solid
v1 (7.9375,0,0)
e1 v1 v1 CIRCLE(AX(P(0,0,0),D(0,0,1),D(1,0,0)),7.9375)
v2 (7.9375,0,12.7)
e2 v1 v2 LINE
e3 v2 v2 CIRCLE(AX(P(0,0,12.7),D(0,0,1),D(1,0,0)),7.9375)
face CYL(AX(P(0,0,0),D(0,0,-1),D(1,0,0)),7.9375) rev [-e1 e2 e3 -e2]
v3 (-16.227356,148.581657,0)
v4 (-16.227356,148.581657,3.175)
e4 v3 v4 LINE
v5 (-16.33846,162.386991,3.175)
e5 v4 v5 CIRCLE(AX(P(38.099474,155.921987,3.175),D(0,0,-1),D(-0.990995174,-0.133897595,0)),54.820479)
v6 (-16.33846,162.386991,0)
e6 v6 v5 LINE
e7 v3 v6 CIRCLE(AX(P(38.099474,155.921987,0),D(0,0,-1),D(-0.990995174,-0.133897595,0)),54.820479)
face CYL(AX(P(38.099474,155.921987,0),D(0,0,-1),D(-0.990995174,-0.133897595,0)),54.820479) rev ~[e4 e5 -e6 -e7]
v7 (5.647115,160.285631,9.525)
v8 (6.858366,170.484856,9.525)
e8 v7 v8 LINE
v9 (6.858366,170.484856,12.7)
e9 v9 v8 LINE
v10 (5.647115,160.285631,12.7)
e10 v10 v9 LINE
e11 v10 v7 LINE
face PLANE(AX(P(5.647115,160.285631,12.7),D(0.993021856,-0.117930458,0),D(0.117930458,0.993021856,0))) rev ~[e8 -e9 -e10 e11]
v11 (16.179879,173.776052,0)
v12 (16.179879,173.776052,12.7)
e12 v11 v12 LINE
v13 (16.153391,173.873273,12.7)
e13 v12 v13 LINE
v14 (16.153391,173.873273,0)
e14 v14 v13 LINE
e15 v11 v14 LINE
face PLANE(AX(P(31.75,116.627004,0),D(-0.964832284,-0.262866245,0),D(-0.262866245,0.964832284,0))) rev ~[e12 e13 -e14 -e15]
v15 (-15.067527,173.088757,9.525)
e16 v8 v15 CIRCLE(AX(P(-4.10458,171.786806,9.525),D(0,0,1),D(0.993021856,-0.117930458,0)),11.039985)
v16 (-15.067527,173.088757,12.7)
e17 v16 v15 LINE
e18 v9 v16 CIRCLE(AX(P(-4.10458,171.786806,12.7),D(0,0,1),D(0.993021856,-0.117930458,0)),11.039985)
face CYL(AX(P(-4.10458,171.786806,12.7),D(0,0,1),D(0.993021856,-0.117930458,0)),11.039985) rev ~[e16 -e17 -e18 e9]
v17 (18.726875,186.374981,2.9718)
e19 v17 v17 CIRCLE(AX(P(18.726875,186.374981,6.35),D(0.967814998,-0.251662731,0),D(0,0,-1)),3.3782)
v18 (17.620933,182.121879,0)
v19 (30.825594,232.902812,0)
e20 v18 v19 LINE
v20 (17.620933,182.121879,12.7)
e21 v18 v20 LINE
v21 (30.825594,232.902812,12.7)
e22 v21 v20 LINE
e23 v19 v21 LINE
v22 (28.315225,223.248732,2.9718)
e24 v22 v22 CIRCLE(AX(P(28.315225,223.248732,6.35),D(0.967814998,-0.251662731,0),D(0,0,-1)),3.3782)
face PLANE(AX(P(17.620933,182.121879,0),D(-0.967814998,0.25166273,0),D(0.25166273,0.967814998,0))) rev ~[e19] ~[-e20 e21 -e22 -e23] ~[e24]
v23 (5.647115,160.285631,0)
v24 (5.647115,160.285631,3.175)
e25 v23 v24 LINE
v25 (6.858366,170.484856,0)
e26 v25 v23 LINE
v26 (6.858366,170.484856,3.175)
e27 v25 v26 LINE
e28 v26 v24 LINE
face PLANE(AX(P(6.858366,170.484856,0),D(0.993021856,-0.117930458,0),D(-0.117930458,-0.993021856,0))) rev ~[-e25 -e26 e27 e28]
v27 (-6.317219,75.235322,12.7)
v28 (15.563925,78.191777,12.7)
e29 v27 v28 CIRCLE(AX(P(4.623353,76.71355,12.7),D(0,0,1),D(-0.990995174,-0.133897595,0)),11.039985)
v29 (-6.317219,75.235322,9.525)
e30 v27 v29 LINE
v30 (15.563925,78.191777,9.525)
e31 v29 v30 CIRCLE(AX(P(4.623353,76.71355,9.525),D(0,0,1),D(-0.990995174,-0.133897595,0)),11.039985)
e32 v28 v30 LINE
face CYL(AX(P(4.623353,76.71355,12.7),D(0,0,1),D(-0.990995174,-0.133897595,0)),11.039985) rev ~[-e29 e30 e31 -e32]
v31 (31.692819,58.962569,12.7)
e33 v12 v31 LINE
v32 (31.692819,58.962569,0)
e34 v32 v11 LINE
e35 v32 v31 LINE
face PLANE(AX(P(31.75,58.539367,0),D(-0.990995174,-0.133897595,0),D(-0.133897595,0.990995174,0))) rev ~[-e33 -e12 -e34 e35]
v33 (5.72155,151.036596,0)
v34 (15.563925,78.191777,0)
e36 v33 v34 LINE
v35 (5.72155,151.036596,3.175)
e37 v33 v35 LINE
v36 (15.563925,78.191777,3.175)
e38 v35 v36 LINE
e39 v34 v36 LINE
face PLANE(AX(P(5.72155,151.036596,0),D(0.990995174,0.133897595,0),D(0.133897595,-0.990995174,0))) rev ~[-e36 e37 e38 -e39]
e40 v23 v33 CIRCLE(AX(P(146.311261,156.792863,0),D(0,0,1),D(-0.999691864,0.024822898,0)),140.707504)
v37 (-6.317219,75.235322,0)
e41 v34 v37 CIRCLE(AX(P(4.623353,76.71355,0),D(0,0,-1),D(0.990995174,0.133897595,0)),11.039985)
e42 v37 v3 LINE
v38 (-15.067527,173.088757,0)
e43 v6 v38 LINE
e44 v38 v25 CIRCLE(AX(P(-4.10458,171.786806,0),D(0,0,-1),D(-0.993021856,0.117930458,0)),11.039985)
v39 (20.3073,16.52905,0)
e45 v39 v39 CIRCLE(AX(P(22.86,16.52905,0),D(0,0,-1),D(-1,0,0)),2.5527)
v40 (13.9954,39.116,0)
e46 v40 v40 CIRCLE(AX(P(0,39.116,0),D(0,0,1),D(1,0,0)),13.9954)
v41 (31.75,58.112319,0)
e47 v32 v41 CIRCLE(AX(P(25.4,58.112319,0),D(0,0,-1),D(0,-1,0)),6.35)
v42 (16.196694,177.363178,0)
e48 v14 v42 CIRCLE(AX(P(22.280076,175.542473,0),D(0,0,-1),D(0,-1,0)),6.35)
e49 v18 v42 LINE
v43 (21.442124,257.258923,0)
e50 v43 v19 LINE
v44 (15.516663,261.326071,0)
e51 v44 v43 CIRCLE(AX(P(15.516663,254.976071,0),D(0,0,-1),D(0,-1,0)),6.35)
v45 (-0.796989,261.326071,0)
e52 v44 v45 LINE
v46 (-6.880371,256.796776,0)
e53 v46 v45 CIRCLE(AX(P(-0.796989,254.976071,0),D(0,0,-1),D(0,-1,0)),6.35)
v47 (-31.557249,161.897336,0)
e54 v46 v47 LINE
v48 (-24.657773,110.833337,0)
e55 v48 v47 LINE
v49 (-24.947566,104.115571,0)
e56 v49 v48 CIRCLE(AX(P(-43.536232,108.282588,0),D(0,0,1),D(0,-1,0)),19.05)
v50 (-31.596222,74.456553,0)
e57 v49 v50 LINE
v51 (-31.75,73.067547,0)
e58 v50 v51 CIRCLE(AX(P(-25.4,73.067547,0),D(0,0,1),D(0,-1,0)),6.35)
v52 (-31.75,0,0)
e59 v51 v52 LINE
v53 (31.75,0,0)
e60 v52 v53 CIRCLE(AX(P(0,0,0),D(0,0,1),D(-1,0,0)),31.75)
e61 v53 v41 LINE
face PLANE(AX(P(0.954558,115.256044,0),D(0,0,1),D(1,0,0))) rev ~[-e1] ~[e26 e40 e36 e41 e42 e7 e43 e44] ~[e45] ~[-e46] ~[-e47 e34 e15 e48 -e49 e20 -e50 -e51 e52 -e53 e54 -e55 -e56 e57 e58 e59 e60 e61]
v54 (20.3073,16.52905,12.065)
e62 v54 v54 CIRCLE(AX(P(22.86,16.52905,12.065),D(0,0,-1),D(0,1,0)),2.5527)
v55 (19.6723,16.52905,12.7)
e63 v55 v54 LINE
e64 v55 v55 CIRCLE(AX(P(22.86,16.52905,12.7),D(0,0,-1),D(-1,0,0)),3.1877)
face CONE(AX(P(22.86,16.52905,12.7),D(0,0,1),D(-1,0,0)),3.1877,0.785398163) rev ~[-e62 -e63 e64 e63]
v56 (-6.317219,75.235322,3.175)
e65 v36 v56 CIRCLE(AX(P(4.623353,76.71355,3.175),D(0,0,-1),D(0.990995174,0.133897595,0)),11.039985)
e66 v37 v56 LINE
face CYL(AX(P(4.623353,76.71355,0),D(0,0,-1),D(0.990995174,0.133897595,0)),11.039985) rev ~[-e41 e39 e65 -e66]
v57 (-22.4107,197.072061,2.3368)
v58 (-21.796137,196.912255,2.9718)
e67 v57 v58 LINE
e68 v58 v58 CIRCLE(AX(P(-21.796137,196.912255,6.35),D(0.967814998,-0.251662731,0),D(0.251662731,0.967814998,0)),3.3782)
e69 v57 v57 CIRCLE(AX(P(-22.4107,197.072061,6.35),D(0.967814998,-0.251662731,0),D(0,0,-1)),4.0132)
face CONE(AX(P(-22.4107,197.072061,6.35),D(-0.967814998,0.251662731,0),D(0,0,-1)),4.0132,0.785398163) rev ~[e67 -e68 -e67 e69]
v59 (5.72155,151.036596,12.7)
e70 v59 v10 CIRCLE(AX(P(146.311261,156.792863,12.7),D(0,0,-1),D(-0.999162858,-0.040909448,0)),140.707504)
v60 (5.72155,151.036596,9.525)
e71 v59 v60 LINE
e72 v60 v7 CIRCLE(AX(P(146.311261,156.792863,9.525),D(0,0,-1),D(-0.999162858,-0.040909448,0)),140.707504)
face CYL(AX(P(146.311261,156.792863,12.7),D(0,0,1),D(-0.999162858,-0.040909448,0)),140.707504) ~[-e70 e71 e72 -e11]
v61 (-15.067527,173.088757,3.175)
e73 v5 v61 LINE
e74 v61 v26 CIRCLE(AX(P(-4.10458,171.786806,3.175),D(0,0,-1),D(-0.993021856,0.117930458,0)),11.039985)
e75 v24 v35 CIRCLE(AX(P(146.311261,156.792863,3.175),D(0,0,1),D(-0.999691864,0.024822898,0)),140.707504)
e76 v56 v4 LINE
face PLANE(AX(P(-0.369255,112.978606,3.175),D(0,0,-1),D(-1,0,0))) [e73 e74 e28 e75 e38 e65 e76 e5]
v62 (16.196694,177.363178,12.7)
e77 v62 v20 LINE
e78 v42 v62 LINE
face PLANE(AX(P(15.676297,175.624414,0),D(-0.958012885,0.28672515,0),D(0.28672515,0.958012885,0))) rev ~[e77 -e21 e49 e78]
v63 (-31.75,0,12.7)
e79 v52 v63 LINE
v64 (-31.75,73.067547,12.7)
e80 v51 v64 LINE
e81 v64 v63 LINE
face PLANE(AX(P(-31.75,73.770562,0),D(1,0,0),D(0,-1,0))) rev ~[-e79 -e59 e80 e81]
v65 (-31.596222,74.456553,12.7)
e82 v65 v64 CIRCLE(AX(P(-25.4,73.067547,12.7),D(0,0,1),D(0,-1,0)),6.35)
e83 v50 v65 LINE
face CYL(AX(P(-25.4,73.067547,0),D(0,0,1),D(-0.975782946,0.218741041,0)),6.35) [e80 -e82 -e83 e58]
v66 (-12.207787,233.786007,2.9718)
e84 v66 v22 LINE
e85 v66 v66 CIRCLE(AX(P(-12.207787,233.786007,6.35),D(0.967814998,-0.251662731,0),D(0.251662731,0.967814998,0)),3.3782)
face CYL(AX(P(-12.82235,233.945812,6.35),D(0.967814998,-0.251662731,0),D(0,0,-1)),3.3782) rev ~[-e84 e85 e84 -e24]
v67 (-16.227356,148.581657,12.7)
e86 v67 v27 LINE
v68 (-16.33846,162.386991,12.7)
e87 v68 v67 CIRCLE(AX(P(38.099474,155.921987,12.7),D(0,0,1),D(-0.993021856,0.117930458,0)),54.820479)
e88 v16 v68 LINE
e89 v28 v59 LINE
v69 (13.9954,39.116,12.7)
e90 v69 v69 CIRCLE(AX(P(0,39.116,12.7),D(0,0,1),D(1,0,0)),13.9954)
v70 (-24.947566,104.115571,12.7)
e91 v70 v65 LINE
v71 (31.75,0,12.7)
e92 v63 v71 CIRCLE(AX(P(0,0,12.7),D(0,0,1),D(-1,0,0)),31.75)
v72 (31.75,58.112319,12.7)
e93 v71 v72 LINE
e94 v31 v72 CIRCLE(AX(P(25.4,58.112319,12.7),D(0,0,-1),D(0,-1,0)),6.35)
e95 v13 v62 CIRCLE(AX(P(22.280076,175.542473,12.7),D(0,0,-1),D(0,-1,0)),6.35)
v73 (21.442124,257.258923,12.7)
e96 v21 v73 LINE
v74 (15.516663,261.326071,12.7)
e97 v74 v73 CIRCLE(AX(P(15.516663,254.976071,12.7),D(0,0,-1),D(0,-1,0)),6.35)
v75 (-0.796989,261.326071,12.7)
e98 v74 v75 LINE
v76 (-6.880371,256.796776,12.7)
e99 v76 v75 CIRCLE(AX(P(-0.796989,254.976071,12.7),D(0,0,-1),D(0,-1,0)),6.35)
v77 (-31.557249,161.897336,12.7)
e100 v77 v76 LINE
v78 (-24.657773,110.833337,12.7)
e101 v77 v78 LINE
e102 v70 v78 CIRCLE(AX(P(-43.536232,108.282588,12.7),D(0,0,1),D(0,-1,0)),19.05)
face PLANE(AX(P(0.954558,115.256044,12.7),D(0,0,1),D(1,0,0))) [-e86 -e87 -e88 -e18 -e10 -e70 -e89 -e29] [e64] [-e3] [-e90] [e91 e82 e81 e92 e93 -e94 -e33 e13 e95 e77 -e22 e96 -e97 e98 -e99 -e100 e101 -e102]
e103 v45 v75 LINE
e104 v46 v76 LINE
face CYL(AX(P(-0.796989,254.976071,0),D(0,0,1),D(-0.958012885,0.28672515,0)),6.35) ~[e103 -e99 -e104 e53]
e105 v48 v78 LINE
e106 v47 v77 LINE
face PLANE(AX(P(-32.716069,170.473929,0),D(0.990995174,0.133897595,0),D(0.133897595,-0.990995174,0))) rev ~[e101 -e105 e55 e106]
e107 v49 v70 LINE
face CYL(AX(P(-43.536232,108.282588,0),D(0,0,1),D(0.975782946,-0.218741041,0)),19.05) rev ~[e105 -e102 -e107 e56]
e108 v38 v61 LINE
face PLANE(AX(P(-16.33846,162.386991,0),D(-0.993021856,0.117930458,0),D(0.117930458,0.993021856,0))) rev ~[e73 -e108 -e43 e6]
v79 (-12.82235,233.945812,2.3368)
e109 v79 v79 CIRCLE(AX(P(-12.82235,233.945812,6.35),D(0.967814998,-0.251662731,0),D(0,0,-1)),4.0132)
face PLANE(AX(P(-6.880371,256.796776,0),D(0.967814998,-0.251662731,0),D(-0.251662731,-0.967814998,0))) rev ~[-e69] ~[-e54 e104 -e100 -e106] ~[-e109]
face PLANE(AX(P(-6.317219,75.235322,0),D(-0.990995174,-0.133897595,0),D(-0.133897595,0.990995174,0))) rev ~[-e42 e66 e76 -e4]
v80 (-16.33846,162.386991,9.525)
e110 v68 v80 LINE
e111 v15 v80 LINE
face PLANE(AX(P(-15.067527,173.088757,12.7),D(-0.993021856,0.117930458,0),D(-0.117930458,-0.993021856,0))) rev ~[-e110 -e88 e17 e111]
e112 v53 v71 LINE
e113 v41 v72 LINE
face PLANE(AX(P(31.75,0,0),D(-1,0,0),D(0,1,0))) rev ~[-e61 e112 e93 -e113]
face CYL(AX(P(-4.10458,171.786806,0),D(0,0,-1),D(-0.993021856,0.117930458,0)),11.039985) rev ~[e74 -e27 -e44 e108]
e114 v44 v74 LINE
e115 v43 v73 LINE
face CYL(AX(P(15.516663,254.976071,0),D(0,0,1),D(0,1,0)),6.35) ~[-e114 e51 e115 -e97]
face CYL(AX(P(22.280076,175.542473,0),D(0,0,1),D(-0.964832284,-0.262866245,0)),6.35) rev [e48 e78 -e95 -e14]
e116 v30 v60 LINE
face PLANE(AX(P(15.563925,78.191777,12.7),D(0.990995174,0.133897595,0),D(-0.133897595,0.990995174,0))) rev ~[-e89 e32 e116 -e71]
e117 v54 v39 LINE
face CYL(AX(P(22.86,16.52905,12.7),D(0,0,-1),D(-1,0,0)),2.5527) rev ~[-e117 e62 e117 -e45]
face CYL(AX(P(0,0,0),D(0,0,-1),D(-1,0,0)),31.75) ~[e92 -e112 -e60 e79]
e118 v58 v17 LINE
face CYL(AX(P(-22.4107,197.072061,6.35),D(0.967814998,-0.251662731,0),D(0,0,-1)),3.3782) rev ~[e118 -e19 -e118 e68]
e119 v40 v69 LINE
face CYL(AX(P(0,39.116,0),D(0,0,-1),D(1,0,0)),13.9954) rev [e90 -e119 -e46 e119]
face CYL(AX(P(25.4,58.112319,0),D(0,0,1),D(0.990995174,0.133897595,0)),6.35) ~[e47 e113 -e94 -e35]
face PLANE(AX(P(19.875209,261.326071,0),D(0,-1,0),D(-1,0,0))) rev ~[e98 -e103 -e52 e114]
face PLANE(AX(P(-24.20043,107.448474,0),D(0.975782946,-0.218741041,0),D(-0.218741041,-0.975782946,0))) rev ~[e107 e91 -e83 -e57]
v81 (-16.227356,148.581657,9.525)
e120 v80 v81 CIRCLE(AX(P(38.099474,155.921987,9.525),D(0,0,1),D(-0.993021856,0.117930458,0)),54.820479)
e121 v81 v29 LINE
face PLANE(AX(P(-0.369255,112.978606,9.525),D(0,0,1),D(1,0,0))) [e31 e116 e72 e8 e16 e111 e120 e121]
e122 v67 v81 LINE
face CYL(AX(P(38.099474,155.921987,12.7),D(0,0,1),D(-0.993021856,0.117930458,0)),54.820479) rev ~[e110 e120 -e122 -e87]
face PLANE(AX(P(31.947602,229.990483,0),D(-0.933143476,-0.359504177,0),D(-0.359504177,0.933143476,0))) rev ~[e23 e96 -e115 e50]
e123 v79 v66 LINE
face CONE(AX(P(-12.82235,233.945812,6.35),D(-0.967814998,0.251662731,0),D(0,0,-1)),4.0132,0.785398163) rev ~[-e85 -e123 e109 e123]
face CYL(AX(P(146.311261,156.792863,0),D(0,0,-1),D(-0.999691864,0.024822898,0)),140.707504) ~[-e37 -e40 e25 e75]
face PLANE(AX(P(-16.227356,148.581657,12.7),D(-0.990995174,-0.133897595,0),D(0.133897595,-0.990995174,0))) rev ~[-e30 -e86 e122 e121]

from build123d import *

# Parameters (mm, degrees)
SKETCH1_R                         = 7.9375
SKETCH1_R_2                       = 13.9954
BOSS_EXTRUDE1_DEPTH               = 12.7
FILLET3_R                         = 19.05
FILLET1_R                         = 6.35
F_10_CLEARANCE_HOLE2_D            = 5.1054
F_10_CLEARANCE_HOLE2_CSINK_D      = 6.3754
F_10_CLEARANCE_HOLE2_CSINK_ANGLE  = 90
CUT_EXTRUDE1_DEPTH                = 1
CUT_EXTRUDE1_DEPTH_BACK           = 13.7
FILLET2_R                         = 6.35
CUT_EXTRUDE3_DEPTH                = 1
CUT_EXTRUDE3_DEPTH_BACK           = 13.7
F_1_4_CLEARANCE_HOLE1_D           = 6.7564
F_1_4_CLEARANCE_HOLE1_CSINK_D     = 8.0264
F_1_4_CLEARANCE_HOLE1_CSINK_ANGLE = 90
CUT_EXTRUDE4_DEPTH                = 3.175
CUT_EXTRUDE5_DEPTH                = 3.175


with BuildPart() as part:
    # Sketch1 → Boss-Extrude1 (new body)
    with BuildSketch(Plane.XY):
        with BuildLine():
            Line((-24.200430201, 107.448474159), (-31.75, 73.770562428))
            Line((-31.75, 73.770562428), (-31.75, 0))
            ThreePointArc((-31.75, 0), (0, -31.75), (31.75, 0))
            Line((31.75, 0), (31.75, 116.627004246))
            Line((31.75, 116.627004246), (15.676297005, 175.624413942))
            Line((15.676297005, 175.624413942), (31.947601555, 229.990483385))
            Line((31.947601555, 229.990483385), (19.875208624, 261.32607122))
            Line((19.875208624, 261.32607122), (-5.524791376, 261.32607122))
            Line((-5.524791376, 261.32607122), (-32.716068836, 170.47392878))
            Line((-32.716068836, 170.47392878), (-24.200430201, 107.448474159))
        make_face()
        Circle(SKETCH1_R, mode=Mode.SUBTRACT)
        with Locations((0, 39.116)):
            Circle(SKETCH1_R_2, mode=Mode.SUBTRACT)
    extrude(amount=BOSS_EXTRUDE1_DEPTH)

    # Fillet3
    fillet3_edges = [part.edges().sort_by_distance(p)[0] for p in [
        (-24.200430201, 107.448474159, 6.35),
    ]]
    fillet(fillet3_edges, radius=FILLET3_R)

    # Fillet1
    fillet1_edges = [part.edges().sort_by_distance(p)[0] for p in [
        (-32.716068836, 170.47392878, 6.35),
        (-5.524791376, 261.32607122, 6.35),
        (19.875208624, 261.32607122, 6.35),
        (31.947601555, 229.990483385, 6.35),
        (15.676297005, 175.624413942, 6.35),
        (31.75, 116.627004246, 6.35),
        (-31.75, 73.770562428, 6.35),
    ]]
    fillet(fillet1_edges, radius=FILLET1_R)

    # #10 Clearance Hole2 (through all)
    with Locations(Plane.XY.offset(12.7)):
        with Locations((22.86, 16.52905)):
            CounterSinkHole(F_10_CLEARANCE_HOLE2_D / 2, F_10_CLEARANCE_HOLE2_CSINK_D / 2, counter_sink_angle=F_10_CLEARANCE_HOLE2_CSINK_ANGLE)

    # Sketch17 → Cut-Extrude1 (cut, two sides)
    with BuildSketch(Plane(origin=(0, 0, 0), x_dir=(-1, 0, 0), z_dir=(0, 0, -1))) as cut_extrude1_sk:
        with BuildLine():
            Line((-31.75, 58.539367012), (-16.179878819, 173.776051895))
            Line((-16.179878819, 173.776051895), (-31.526685006, 117.446666412))
            ThreePointArc((-31.526685006, 117.446666412), (-31.693923649, 116.619502039), (-31.75, 115.777465753))
            Line((-31.75, 115.777465753), (-31.75, 58.539367012))
        make_face()
    extrude(amount=CUT_EXTRUDE1_DEPTH, mode=Mode.SUBTRACT)
    extrude(cut_extrude1_sk.sketch, amount=-CUT_EXTRUDE1_DEPTH_BACK, mode=Mode.SUBTRACT)

    # Fillet2
    fillet2_edges = [part.edges().sort_by_distance(p)[0] for p in [
        (31.75, 58.539367012, 6.35),
    ]]
    fillet(fillet2_edges, radius=FILLET2_R)

    # Sketch19 → Cut-Extrude3 (cut, two sides)
    with BuildSketch(Plane(origin=(0, 0, 0), x_dir=(-1, 0, 0), z_dir=(0, 0, -1))) as cut_extrude3_sk:
        with BuildLine():
            Line((-17.620933209, 182.121878639), (-30.825593631, 232.902812203))
            Line((-30.825593631, 232.902812203), (-31.167525601, 232.015279853))
            ThreePointArc((-31.167525601, 232.015279853), (-31.587367542, 229.976620184), (-31.325446349, 227.911723628))
            Line((-31.325446349, 227.911723628), (-17.620933209, 182.121878639))
        make_face()
        with BuildLine():
            Line((32.32313572, 171.786806246), (6.880371133, 256.796775922))
            Line((6.880371133, 256.796775922), (31.557248698, 161.897335866))
            Line((31.557248698, 161.897335866), (32.532573251, 169.115851816))
            ThreePointArc((32.532573251, 169.115851816), (32.570321666, 170.462500309), (32.32313572, 171.786806246))
        make_face()
    extrude(amount=CUT_EXTRUDE3_DEPTH, mode=Mode.SUBTRACT)
    extrude(cut_extrude3_sk.sketch, amount=-CUT_EXTRUDE3_DEPTH_BACK, mode=Mode.SUBTRACT)

    # 1/4 Clearance Hole1 (through all)
    with Locations(Plane(origin=(-68.990792956, 17.939803964, 0), x_dir=(0, 0, 1), z_dir=(-0.967814998, 0.251662731, 0))):
        with Locations((6.35, 185.089358388), (6.35, 223.189358388)):
            CounterSinkHole(F_1_4_CLEARANCE_HOLE1_D / 2, F_1_4_CLEARANCE_HOLE1_CSINK_D / 2, counter_sink_angle=F_1_4_CLEARANCE_HOLE1_CSINK_ANGLE)

    # Sketch22 → Cut-Extrude4 (cut)
    with BuildSketch(Plane(origin=(0, 0, 0), x_dir=(-1, 0, 0), z_dir=(0, 0, -1))):
        with BuildLine():
            Line((-5.721549742, 151.036596427), (-15.563924684, 78.191777395))
            ThreePointArc((-15.563924684, 78.191777395), (-6.101580096, 65.772977875), (6.317219423, 75.235322463))
            Line((6.317219423, 75.235322463), (16.227356213, 148.58165658))
            ThreePointArc((16.227356213, 148.58165658), (16.127581623, 152.147558265), (14.895920611, 155.495486123))
            ThreePointArc((14.895920611, 155.495486123), (5.286667697, 150.045412833), (-4.233623122, 155.649438455))
            ThreePointArc((-4.233623122, 155.649438455), (-5.148189302, 153.664409279), (-5.653787894, 151.538111511))
            Line((-5.653787894, 151.538111511), (-5.721549742, 151.036596427))
        make_face()
        with BuildLine():
            ThreePointArc((14.895920611, 155.495486123), (5.375629793, 161.099511745), (-4.233623122, 155.649438455))
            ThreePointArc((-4.233623122, 155.649438455), (5.286667697, 150.045412833), (14.895920611, 155.495486123))
        make_face()
        with BuildLine():
            Line((-6.858366152, 170.484855738), (-5.647114594, 160.285630757))
            Line((-5.647114594, 160.285630757), (-5.587433271, 159.783090025))
            ThreePointArc((-5.587433271, 159.783090025), (-5.116122344, 157.648930204), (-4.233623122, 155.649438455))
            ThreePointArc((-4.233623122, 155.649438455), (5.375629793, 161.099511745), (14.895920611, 155.495486123))
            ThreePointArc((14.895920611, 155.495486123), (16.181306062, 158.823157086), (16.338459931, 162.386991041))
            Line((16.338459931, 162.386991041), (15.06752705, 173.088756754))
            ThreePointArc((15.06752705, 173.088756754), (2.802629941, 182.749752847), (-6.858366152, 170.484855738))
        make_face()
        with BuildLine():
            ThreePointArc((14.895920611, 155.495486123), (16.127581623, 152.147558265), (16.227356213, 148.58165658))
            ThreePointArc((16.227356213, 148.58165658), (16.719229878, 155.480812344), (16.338459931, 162.386991041))
            ThreePointArc((16.338459931, 162.386991041), (16.181306062, 158.823157086), (14.895920611, 155.495486123))
        make_face()
        with BuildLine():
            ThreePointArc((-5.647114594, 160.285630757), (-5.608314081, 155.660501807), (-5.721549742, 151.036596427))
            Line((-5.721549742, 151.036596427), (-5.653787894, 151.538111511))
            ThreePointArc((-5.653787894, 151.538111511), (-5.148189302, 153.664409279), (-4.233623122, 155.649438455))
            ThreePointArc((-4.233623122, 155.649438455), (-5.116122344, 157.648930204), (-5.587433271, 159.783090025))
            Line((-5.587433271, 159.783090025), (-5.647114594, 160.285630757))
        make_face()
    extrude(amount=-CUT_EXTRUDE4_DEPTH, mode=Mode.SUBTRACT)

    # Sketch23 → Cut-Extrude5 (cut)
    with BuildSketch(Plane.XY.offset(12.7)):
        with BuildLine():
            ThreePointArc((-6.317219423, 75.235322463), (6.101580096, 65.772977875), (15.563924684, 78.191777395))
            Line((15.563924684, 78.191777395), (5.721549742, 151.036596427))
            Line((5.721549742, 151.036596427), (5.653787894, 151.538111511))
            ThreePointArc((5.653787894, 151.538111511), (5.148189302, 153.664409279), (4.233623122, 155.649438455))
            ThreePointArc((4.233623122, 155.649438455), (-5.286667697, 150.045412833), (-14.895920611, 155.495486123))
            ThreePointArc((-14.895920611, 155.495486123), (-16.127581623, 152.147558265), (-16.227356213, 148.58165658))
            Line((-16.227356213, 148.58165658), (-6.317219423, 75.235322463))
        make_face()
        with BuildLine():
            ThreePointArc((-14.895920611, 155.495486123), (-5.286667697, 150.045412833), (4.233623122, 155.649438455))
            ThreePointArc((4.233623122, 155.649438455), (-5.375629793, 161.099511745), (-14.895920611, 155.495486123))
        make_face()
        with BuildLine():
            Line((5.587433271, 159.783090025), (5.647114594, 160.285630757))
            Line((5.647114594, 160.285630757), (6.858366152, 170.484855738))
            ThreePointArc((6.858366152, 170.484855738), (-2.802629941, 182.749752847), (-15.06752705, 173.088756754))
            Line((-15.06752705, 173.088756754), (-16.338459931, 162.386991041))
            ThreePointArc((-16.338459931, 162.386991041), (-16.181306062, 158.823157086), (-14.895920611, 155.495486123))
            ThreePointArc((-14.895920611, 155.495486123), (-5.375629793, 161.099511745), (4.233623122, 155.649438455))
            ThreePointArc((4.233623122, 155.649438455), (5.116122344, 157.648930204), (5.587433271, 159.783090025))
        make_face()
        with BuildLine():
            ThreePointArc((-16.338459931, 162.386991041), (-16.719229878, 155.480812344), (-16.227356213, 148.58165658))
            ThreePointArc((-16.227356213, 148.58165658), (-16.127581623, 152.147558265), (-14.895920611, 155.495486123))
            ThreePointArc((-14.895920611, 155.495486123), (-16.181306062, 158.823157086), (-16.338459931, 162.386991041))
        make_face()
        with BuildLine():
            Line((5.653787894, 151.538111511), (5.721549742, 151.036596427))
            ThreePointArc((5.721549742, 151.036596427), (5.608314081, 155.660501807), (5.647114594, 160.285630757))
            Line((5.647114594, 160.285630757), (5.587433271, 159.783090025))
            ThreePointArc((5.587433271, 159.783090025), (5.116122344, 157.648930204), (4.233623122, 155.649438455))
            ThreePointArc((4.233623122, 155.649438455), (5.148189302, 153.664409279), (5.653787894, 151.538111511))
        make_face()
    extrude(amount=-CUT_EXTRUDE5_DEPTH, mode=Mode.SUBTRACT)


solid = part.part
